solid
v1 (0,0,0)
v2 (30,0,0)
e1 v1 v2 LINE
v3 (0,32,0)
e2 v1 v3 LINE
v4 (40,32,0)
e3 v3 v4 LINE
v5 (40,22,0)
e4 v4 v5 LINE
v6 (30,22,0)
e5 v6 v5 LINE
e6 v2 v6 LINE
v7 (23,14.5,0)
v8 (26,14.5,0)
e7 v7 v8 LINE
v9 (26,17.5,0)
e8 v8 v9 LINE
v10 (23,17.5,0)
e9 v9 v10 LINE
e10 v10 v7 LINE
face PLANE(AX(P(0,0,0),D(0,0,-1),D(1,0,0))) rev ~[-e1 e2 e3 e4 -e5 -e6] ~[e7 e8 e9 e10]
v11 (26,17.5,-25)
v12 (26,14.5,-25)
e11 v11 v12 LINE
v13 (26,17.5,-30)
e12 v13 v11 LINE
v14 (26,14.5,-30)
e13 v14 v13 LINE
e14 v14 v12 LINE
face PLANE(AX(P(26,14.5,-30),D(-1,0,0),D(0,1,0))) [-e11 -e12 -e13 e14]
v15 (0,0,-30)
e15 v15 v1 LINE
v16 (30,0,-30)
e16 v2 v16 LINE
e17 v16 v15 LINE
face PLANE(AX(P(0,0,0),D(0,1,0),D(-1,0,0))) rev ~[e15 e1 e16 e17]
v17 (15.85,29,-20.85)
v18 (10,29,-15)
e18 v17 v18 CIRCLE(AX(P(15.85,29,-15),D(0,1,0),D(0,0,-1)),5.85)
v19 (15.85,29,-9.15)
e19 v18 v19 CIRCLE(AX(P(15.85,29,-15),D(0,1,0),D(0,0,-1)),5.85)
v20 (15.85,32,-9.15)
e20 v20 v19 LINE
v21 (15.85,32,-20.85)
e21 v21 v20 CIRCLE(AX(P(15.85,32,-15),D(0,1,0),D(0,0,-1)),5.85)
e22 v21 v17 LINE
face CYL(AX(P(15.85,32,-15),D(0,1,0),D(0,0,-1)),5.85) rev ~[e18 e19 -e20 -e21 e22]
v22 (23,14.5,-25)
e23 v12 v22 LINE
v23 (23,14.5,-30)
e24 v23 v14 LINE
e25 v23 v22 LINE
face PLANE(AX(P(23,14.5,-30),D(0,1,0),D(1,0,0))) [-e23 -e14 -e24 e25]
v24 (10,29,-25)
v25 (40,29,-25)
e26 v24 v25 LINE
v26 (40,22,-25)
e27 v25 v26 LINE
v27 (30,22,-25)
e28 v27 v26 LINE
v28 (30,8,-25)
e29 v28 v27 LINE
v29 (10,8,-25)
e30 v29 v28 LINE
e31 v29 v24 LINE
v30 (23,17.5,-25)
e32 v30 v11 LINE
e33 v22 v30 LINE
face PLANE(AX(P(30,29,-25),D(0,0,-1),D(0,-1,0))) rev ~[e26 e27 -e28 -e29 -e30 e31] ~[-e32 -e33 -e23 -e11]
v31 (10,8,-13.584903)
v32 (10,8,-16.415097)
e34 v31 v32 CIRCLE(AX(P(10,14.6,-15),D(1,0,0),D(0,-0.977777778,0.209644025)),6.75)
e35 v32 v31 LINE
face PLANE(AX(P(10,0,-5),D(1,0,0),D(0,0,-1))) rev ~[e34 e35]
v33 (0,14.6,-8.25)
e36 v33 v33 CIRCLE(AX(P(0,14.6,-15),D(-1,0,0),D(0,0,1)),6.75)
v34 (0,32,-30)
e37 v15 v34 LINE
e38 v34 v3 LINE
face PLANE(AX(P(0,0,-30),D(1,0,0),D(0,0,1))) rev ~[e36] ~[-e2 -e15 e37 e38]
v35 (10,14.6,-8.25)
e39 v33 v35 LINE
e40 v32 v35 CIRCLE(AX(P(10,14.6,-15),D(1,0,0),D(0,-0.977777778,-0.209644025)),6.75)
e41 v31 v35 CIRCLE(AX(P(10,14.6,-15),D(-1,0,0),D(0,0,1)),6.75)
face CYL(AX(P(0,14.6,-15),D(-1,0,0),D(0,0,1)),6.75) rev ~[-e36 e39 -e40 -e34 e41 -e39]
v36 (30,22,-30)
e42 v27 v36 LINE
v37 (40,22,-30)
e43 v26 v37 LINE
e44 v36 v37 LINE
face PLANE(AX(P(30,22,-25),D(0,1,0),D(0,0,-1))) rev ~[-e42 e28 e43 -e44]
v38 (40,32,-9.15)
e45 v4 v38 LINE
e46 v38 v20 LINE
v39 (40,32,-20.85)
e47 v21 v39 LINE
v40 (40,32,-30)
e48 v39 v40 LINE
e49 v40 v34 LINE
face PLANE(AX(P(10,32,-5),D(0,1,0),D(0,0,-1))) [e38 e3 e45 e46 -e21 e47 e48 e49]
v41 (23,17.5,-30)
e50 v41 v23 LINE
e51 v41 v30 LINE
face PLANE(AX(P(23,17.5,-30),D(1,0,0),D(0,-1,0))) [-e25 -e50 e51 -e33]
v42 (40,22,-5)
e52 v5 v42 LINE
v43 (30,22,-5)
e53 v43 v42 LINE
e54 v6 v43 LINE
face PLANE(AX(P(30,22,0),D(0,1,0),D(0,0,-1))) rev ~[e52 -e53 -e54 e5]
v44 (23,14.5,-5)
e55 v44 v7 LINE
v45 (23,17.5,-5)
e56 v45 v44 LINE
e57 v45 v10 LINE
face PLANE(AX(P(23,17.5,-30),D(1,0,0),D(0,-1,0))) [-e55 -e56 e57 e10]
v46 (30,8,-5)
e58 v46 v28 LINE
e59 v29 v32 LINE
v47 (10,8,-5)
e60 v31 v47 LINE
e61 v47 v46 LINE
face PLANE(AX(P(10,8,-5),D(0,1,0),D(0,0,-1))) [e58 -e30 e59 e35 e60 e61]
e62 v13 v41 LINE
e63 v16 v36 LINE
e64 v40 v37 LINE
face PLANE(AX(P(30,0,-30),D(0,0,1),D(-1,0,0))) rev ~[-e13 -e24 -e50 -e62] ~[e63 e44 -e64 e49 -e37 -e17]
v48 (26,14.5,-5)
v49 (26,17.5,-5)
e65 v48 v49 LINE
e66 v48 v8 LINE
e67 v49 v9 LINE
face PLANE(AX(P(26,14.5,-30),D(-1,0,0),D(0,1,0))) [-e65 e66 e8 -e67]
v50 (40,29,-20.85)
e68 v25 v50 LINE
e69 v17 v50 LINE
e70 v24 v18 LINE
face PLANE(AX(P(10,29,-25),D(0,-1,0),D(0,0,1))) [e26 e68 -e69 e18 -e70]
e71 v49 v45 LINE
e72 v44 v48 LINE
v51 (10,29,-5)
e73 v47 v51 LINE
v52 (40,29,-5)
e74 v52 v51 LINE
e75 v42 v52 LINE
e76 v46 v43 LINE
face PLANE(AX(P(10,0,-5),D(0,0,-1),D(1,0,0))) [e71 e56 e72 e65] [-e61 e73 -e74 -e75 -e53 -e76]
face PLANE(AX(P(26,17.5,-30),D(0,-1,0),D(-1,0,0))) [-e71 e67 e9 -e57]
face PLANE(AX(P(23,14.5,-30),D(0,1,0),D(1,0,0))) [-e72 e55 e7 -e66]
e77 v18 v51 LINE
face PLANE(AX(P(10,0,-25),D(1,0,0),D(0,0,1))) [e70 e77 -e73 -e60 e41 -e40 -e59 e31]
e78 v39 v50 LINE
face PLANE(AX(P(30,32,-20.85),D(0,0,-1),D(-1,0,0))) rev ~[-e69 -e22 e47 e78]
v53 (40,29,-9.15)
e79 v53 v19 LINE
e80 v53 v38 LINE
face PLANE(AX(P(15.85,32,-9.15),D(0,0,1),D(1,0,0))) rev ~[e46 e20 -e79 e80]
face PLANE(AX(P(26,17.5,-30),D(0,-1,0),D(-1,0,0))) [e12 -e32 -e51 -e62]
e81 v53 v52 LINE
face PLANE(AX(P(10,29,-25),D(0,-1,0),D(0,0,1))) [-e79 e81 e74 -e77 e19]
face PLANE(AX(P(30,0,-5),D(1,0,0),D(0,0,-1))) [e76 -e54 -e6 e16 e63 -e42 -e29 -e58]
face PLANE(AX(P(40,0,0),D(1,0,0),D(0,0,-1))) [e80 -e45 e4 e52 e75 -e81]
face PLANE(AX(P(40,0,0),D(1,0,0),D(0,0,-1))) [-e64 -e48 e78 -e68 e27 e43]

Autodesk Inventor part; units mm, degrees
ref_plane "YZ Plane" through (0, 0, 0) normal (1, 0, 0) x (0, 1, 0)
ref_plane "XZ Plane" through (0, 0, 0) normal (0, 1, 0) x (-1, 0, 0)
ref_plane "XY Plane" through (0, 0, 0) normal (0, 0, 1) x (1, 0, 0)
sketch "스케치2" plane through (0, 0, 0) normal (0, 1, 0) x (-1, 0, 0)
  line L0 (0, 0) -> (-30, 0)
  line L1 (-30, 0) -> (-30, -30)
  line L2 (-30, -30) -> (0, -30)
  line L3 (0, -30) -> (0, 0)
  line L4 (-10, -5) -> (-30, -5)
  line L5 (-30, -5) -> (-30, -25)
  line L6 (-30, -25) -> (-10, -25)
  line L7 (-10, -25) -> (-10, -5)
  point P0 (0, -15)
  point P1 (-10, -15)
  dimension "d0" = 30
  dimension "d1" = 30
  dimension "d2" = 20
  dimension "d3" = 20
extrude "돌출1" add sketch "스케치2" along normal blind 32 contours L3 L2 L1 L6 L7 L4 L0
sketch "스케치3" plane through (0, 0, -30) normal (-1, 0, 0) x (0, 0, 1)
  circle A0 centre (15, 14.6) radius 6.75
  line L0 (0, 32) -> (30, 32)
  line L1 (30, 0) -> (30, 32)
  line L2 (0, 0) -> (30, 0) projected
  point P0 (15, 32)
  point P1 (30, 16)
  dimension "d6" = 13.5
  dimension "d34" = 14.6
extrude "돌출2" cut sketch "스케치3" against normal blind 20
sketch "스케치4" plane through (10, 0, -5) normal (1, 0, 0) x (0, 0, -1)
  line L0 (0, 32) -> (20, 32)
  line L1 (20, 32) -> (20, 29)
  line L2 (20, 29) -> (0, 29)
  line L3 (0, 29) -> (0, 32)
  line L4 (0, 32) -> (20, 32) projected
  circle A0 centre (10, 14.6) radius 6.75 projected
  line L5 (0, 0) -> (0, 32) projected
  point P0 (-5, 0)
  point P1 (10, 32)
  point P2 (10, 32)
  dimension "d10" = 3
  dimension "d11" = 17.4
extrude "돌출3" add sketch "스케치4" along normal up to surface (20 mm away) contours L0 L1 L2 L3
sketch "스케치6" plane through (0, 32, 0) normal (0, 1, 0) x (1, 0, 0)
  line L0 (15.85, 15) -> (69.8483, 15) construction
  line L1 (15.85, 9.15) -> (69.8483, 9.15)
  line L2 (69.8483, 20.85) -> (15.85, 20.85)
  arc A0 (15.85, 20.85) -> (15.85, 9.15) centre (15.85, 15) ccw
  arc A1 (69.8483, 9.15) -> (69.8483, 20.85) centre (69.8483, 15) ccw
  line L3 (30, 0) -> (30, 30) projected
  line L4 (0, 30) -> (0, 0) projected
  point P0 (42.8492, 15)
  point P1 (10, 15)
  point P2 (30, 15)
  point P3 (30, 9.15)
  point P4 (30, 20.85)
  dimension "d19" = 11.7
  dimension "d20" = 10
extrude "돌출5" cut sketch "스케치6" against normal blind 28 contours A0 L2 L3 L1
sketch "스케치7" plane through (10, 0, -5) normal (1, 0, 0) x (0, 0, -1)
  line L0 (0, 8) -> (20, 8)
  line L1 (20, 8) -> (20, 0)
  line L2 (20, 0) -> (0, 0)
  line L3 (0, 0) -> (0, 8)
  circle A0 centre (10, 14.6) radius 6.75 projected
  point P0 (-5, 0)
  dimension "d32" = 8
  dimension "d33" = 8
extrude "돌출6" add sketch "스케치7" along normal up to surface (20 mm away) contours L0 A0 L1 L2 L3 | L0 A0 picked at (10.1583, 7.9556)
sketch "스케치8" plane through (30, 0, -30) normal (0, 0, -1) x (-1, 0, 0)
  line L0 (30, 0) -> (30, 32) projected
  line L1 (4, 17.5) -> (7, 17.5)
  line L2 (7, 17.5) -> (7, 14.5)
  line L3 (7, 14.5) -> (4, 14.5)
  line L4 (4, 14.5) -> (4, 17.5)
  point P0 (7, 16)
  point P1 (30, 16)
  dimension "d27" = 23
  dimension "d28" = 3
  dimension "d29" = 3
extrude "돌출7" cut sketch "스케치8" against normal blind 40
sketch "스케치9" plane through (30, 0, 0) normal (1, 0, 0) x (0, 0, -1)
  line L0 (0, 32) -> (9.15, 32) projected
  line L1 (9.15, 29) -> (9.15, 32) projected
  line L2 (20.85, 32) -> (20.85, 29) projected
  line L3 (20.85, 32) -> (30, 32) projected
  line L4 (9.15, 29) -> (5, 29) projected
  line L5 (25, 29) -> (20.85, 29) projected
  line L6 (0, 32) -> (0, 22)
  line L7 (0, 0) -> (0, 32) projected
  line L8 (30, 32) -> (30, 22)
  line L9 (0, 22) -> (5, 22)
  line L10 (5, 22) -> (5, 29)
  line L11 (25, 29) -> (25, 22)
  line L12 (25, 22) -> (30, 22)
  dimension "d35" = 10
  dimension "d36" = 10
extrude "돌출8" add sketch "스케치9" along normal blind 10
properties part number "valve_mount"
